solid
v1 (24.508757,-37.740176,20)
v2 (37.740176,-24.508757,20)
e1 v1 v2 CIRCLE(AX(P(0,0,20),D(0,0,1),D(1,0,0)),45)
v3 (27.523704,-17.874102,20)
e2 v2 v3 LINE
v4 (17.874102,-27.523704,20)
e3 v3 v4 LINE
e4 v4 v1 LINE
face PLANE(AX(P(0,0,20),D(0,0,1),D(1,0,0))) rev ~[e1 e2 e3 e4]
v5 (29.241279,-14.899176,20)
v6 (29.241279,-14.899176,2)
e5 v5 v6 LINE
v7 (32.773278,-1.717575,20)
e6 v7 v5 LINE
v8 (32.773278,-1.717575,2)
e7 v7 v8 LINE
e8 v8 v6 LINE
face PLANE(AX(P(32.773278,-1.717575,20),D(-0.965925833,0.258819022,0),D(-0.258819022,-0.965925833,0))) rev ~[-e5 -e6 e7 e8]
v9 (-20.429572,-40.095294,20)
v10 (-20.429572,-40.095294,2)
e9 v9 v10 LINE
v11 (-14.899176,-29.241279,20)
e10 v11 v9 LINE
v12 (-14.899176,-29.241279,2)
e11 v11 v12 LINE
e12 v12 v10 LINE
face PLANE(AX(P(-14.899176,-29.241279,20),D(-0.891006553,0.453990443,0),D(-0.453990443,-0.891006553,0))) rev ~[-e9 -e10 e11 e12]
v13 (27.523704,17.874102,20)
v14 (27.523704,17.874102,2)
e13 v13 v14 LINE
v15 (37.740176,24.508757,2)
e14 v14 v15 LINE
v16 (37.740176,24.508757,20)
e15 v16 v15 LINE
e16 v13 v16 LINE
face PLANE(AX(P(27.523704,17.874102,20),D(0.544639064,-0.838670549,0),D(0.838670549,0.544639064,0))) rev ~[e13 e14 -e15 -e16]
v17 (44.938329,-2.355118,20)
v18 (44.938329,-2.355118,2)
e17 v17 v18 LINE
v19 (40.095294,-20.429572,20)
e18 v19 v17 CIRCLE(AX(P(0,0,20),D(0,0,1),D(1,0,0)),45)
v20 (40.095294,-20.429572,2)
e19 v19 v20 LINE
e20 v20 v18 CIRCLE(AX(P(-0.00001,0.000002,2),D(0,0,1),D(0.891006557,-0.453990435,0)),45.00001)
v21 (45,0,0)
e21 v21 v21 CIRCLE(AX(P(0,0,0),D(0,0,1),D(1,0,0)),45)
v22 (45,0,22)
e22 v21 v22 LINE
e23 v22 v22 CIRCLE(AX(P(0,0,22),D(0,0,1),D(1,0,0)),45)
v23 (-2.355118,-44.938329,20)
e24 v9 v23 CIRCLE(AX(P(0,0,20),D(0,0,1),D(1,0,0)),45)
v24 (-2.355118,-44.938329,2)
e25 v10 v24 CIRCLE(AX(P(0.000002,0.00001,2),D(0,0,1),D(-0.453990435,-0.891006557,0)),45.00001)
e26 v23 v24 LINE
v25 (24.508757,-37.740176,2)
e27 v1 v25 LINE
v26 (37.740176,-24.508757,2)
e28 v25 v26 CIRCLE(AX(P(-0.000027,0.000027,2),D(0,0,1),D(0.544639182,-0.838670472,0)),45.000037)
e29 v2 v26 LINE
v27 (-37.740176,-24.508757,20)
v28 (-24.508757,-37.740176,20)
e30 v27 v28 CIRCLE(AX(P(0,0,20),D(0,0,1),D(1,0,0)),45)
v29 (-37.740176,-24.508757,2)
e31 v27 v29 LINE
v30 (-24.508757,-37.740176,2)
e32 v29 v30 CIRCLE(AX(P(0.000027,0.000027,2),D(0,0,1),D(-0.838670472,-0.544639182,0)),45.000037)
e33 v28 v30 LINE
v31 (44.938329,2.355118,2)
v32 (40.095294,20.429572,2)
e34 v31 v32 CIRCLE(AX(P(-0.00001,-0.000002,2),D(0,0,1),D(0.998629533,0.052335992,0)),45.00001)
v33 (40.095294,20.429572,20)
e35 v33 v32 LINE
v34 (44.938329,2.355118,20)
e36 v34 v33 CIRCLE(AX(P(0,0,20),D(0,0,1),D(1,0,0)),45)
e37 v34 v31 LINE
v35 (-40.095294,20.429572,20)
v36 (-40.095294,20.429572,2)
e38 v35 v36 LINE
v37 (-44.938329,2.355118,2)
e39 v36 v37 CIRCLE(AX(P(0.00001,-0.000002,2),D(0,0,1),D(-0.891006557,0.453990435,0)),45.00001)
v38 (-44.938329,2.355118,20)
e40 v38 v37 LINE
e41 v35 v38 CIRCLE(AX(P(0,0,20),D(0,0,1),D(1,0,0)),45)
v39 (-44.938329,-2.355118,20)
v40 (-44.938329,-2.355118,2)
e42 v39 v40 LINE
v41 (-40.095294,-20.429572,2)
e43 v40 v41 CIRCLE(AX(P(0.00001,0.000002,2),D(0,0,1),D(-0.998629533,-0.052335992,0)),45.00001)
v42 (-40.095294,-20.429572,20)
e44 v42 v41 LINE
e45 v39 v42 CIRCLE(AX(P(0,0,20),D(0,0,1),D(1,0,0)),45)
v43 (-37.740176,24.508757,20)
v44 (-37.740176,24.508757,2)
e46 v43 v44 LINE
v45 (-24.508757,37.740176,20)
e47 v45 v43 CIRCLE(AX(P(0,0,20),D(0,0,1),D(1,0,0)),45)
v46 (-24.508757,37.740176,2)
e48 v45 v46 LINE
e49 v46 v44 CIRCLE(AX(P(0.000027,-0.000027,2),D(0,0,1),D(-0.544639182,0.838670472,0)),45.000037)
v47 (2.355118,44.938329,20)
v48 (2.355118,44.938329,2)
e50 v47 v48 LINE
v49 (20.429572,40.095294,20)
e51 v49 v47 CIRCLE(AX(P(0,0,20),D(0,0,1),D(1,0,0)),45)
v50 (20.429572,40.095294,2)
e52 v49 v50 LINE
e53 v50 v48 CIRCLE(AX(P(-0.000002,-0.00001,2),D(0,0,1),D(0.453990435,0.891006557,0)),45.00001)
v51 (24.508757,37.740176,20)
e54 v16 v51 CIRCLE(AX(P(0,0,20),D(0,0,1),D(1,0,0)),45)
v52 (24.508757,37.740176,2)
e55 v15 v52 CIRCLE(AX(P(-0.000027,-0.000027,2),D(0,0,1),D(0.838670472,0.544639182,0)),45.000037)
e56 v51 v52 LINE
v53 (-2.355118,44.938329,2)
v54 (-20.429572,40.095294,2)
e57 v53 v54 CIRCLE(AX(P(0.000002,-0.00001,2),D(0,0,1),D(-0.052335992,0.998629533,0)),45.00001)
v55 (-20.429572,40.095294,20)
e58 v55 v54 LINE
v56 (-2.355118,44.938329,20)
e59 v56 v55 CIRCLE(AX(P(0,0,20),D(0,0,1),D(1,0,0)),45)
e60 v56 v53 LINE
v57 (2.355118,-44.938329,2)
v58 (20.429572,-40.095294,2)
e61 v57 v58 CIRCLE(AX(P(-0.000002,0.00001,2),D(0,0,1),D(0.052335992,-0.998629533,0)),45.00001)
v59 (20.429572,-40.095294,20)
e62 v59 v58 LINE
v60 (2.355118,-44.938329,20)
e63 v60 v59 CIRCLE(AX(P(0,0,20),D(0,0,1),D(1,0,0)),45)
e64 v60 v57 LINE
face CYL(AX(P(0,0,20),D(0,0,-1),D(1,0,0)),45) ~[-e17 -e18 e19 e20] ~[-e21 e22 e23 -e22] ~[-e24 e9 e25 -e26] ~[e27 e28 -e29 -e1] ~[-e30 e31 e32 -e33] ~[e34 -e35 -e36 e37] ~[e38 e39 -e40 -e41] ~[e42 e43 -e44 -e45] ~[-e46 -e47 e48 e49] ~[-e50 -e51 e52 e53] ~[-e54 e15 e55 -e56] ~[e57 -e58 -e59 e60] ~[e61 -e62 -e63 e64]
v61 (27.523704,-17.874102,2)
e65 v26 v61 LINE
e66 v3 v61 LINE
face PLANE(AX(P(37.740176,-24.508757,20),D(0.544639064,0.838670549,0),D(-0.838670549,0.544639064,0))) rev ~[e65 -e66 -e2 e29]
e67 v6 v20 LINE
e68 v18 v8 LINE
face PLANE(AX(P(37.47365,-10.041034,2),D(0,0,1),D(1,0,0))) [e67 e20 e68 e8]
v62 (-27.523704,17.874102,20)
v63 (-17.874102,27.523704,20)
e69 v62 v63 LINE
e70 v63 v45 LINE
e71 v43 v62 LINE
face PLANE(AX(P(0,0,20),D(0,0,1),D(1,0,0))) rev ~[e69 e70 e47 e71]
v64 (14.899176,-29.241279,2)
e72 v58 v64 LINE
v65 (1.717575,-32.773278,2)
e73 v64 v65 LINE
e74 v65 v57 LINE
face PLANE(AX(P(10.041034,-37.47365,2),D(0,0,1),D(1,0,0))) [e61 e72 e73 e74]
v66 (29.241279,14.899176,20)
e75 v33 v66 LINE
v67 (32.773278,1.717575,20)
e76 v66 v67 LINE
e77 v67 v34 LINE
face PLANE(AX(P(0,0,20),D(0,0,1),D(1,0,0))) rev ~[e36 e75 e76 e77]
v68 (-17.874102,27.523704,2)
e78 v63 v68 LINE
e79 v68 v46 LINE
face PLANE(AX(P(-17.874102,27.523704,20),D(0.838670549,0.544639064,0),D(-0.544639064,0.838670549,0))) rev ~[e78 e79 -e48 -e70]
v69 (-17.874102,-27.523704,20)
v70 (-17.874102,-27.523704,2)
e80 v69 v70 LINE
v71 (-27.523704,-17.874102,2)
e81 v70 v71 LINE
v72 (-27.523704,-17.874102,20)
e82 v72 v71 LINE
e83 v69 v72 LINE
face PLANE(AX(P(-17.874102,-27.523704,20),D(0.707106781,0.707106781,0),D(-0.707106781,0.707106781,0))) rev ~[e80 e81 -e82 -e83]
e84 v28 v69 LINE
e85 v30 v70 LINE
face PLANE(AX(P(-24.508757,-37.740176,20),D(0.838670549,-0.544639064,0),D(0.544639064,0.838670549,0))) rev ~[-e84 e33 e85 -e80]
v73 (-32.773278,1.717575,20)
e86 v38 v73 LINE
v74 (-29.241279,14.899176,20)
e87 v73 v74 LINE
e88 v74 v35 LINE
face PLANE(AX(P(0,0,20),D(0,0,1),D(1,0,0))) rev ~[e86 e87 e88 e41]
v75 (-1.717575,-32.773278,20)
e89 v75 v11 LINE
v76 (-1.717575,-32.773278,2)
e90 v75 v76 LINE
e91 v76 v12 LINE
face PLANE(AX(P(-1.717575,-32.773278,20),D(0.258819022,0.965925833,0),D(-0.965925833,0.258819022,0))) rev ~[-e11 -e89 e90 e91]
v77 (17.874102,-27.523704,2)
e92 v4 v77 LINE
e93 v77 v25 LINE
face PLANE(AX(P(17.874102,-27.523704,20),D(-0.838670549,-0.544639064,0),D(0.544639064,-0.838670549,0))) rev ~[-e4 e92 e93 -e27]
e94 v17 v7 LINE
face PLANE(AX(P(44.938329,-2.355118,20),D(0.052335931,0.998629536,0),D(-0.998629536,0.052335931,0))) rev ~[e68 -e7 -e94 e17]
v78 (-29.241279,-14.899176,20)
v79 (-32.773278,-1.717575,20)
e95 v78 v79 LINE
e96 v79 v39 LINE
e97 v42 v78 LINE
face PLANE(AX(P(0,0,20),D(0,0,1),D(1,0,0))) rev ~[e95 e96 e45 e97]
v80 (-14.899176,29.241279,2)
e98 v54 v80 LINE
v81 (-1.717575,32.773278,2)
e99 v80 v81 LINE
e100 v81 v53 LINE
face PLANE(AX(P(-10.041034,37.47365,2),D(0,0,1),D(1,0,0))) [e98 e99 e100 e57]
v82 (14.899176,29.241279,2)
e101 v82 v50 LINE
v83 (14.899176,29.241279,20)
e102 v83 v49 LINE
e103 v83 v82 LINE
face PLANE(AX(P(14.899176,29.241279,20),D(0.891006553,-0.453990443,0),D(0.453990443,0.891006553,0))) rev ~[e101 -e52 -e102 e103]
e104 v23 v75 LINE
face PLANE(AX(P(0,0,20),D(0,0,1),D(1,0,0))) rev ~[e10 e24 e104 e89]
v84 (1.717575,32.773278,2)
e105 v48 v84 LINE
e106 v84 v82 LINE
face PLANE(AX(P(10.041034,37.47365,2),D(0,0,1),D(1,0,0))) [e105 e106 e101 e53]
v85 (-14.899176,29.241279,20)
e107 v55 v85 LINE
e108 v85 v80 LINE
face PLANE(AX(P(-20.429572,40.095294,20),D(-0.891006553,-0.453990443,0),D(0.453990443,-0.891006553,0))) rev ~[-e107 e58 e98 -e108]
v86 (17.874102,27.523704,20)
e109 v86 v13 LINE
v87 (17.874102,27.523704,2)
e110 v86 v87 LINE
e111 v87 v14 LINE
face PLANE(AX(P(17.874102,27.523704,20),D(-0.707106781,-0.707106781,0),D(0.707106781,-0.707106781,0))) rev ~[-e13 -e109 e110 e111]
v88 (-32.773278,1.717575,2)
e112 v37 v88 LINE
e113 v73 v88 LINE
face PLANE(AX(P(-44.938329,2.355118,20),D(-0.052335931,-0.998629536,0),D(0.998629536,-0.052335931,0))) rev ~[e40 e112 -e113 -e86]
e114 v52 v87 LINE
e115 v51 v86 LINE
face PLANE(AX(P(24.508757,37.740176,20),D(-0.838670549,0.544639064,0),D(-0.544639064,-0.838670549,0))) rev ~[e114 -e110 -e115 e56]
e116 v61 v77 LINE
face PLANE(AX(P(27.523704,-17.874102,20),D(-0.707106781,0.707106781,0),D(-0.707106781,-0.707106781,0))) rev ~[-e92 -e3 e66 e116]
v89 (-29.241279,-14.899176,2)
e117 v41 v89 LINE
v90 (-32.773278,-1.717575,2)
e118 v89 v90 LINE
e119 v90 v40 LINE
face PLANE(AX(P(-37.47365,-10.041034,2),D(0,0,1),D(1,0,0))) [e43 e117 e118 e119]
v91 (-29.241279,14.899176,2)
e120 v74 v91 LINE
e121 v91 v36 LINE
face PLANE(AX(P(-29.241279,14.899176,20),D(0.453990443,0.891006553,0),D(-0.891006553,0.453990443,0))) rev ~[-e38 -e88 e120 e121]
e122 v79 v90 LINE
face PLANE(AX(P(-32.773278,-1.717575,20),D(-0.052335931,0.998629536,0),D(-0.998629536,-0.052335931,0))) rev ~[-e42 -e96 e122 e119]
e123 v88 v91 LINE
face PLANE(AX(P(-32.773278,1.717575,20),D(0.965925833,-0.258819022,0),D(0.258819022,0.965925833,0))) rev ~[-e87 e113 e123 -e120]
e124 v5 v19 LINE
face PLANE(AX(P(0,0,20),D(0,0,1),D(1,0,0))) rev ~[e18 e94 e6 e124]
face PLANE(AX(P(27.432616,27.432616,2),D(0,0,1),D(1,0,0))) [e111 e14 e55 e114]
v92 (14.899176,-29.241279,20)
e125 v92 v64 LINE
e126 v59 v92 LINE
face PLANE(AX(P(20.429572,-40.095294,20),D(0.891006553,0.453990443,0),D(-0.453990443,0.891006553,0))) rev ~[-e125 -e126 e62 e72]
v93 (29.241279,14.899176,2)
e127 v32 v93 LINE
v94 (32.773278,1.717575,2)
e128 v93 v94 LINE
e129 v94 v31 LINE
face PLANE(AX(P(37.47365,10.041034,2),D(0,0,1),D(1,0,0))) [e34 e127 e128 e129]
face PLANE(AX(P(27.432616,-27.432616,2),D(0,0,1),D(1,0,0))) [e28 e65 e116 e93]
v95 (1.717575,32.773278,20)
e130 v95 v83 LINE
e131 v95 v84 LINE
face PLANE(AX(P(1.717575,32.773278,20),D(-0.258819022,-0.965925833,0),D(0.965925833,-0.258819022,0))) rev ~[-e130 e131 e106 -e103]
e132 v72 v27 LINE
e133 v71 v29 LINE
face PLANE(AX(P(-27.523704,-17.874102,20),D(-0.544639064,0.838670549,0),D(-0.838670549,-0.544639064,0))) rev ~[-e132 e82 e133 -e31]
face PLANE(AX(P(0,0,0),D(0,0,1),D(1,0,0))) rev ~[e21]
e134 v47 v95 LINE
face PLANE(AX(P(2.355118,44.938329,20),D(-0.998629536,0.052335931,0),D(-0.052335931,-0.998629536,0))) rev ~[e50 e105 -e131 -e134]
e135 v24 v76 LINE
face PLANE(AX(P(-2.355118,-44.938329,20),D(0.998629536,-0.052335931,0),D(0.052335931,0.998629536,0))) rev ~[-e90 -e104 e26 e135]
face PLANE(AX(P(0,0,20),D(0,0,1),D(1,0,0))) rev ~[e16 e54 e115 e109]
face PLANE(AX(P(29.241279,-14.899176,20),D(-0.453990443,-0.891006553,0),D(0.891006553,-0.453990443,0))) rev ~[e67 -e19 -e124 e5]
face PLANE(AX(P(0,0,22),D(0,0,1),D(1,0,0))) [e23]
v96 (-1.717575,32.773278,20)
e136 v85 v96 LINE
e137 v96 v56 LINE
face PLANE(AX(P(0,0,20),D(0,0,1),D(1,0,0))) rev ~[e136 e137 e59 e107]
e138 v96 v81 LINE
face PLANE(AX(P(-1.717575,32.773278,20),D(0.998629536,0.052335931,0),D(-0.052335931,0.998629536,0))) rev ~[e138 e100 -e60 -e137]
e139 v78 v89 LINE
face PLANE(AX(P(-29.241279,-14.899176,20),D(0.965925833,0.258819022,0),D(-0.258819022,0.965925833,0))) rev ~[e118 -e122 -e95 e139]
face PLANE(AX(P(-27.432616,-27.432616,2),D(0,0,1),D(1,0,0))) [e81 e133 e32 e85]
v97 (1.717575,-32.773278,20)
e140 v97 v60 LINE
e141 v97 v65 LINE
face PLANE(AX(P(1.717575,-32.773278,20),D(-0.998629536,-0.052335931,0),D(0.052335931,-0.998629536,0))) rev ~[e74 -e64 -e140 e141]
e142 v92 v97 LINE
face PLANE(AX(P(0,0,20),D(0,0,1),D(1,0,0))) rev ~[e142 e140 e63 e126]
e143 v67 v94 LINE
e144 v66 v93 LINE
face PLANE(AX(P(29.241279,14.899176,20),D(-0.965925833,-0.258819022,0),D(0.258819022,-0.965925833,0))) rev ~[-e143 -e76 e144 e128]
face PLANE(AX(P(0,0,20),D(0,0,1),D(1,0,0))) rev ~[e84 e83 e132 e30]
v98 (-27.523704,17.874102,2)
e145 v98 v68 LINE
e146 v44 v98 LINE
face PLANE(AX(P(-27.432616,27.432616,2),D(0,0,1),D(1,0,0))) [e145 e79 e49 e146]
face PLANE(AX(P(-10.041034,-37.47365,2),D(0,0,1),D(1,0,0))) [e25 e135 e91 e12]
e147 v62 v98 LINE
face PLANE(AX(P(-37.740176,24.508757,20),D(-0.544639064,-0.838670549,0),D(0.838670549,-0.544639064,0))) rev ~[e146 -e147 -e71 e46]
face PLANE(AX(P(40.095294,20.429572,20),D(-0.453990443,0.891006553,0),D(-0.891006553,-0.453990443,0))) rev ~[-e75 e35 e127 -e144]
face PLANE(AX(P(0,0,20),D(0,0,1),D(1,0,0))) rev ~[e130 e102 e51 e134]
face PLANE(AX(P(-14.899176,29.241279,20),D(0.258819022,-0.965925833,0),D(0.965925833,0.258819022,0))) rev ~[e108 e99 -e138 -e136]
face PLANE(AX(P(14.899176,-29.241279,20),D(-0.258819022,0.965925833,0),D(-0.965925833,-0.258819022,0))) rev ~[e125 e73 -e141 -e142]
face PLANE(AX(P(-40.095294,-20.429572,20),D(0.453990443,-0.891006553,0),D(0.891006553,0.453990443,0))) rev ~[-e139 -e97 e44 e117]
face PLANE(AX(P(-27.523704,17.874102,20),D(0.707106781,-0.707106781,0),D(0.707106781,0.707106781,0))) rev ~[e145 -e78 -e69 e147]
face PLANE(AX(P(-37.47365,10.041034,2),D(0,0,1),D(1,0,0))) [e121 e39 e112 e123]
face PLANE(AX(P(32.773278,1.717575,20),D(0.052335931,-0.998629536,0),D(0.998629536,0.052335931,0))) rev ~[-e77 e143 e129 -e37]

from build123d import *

# Parameters (mm, degrees)
F0_R     = 45
F1_DEPTH = 20
F3_DEPTH = 18
F4_R     = 45
F5_DEPTH = 2


with BuildPart() as f1:
    # F0 (on Top) → F1 (new body)
    with BuildSketch(Plane.XY):
        Circle(F0_R)
    extrude(amount=F1_DEPTH)

    # F2 (on face) → F3 (cut)
    with BuildSketch(Plane.XY.offset(20)):
        with BuildLine():
            Line((29.241279, 14.899176), (32.773278, 1.717575))
            Line((32.773278, 1.717575), (44.938329, 2.355118))
            ThreePointArc((44.938329, 2.355118), (43.466662, 11.646857), (40.095294, 20.429572))
            Line((40.095294, 20.429572), (29.241279, 14.899176))
        make_face()
        with BuildLine():
            Line((27.523704, 17.874102), (37.740176, 24.508757))
            ThreePointArc((37.740176, 24.508757), (31.819805, 31.819805), (24.508757, 37.740176))
            Line((24.508757, 37.740176), (17.874102, 27.523704))
            Line((17.874102, 27.523704), (27.523704, 17.874102))
        make_face()
        with BuildLine():
            ThreePointArc((20.429572, 40.095294), (11.646857, 43.466662), (2.355118, 44.938329))
            Line((2.355118, 44.938329), (1.717575, 32.773278))
            Line((1.717575, 32.773278), (14.899176, 29.241279))
            Line((14.899176, 29.241279), (20.429572, 40.095294))
        make_face()
        with BuildLine():
            ThreePointArc((-40.095294, 20.429572), (-43.466662, 11.646857), (-44.938329, 2.355118))
            Line((-44.938329, 2.355118), (-32.773278, 1.717575))
            Line((-32.773278, 1.717575), (-29.241279, 14.899176))
            Line((-29.241279, 14.899176), (-40.095294, 20.429572))
        make_face()
        with BuildLine():
            ThreePointArc((-24.508757, 37.740176), (-31.819805, 31.819805), (-37.740176, 24.508757))
            Line((-37.740176, 24.508757), (-27.523704, 17.874102))
            Line((-27.523704, 17.874102), (-17.874102, 27.523704))
            Line((-17.874102, 27.523704), (-24.508757, 37.740176))
        make_face()
        with BuildLine():
            ThreePointArc((-2.355118, 44.938329), (-11.646857, 43.466662), (-20.429572, 40.095294))
            Line((-20.429572, 40.095294), (-14.899176, 29.241279))
            Line((-14.899176, 29.241279), (-1.717575, 32.773278))
            Line((-1.717575, 32.773278), (-2.355118, 44.938329))
        make_face()
        with BuildLine():
            ThreePointArc((-20.429572, -40.095294), (-11.646857, -43.466662), (-2.355118, -44.938329))
            Line((-2.355118, -44.938329), (-1.717575, -32.773278))
            Line((-1.717575, -32.773278), (-14.899176, -29.241279))
            Line((-14.899176, -29.241279), (-20.429572, -40.095294))
        make_face()
        with BuildLine():
            ThreePointArc((-37.740176, -24.508757), (-31.819805, -31.819805), (-24.508757, -37.740176))
            Line((-24.508757, -37.740176), (-17.874102, -27.523704))
            Line((-17.874102, -27.523704), (-27.523704, -17.874102))
            Line((-27.523704, -17.874102), (-37.740176, -24.508757))
        make_face()
        with BuildLine():
            ThreePointArc((-44.938329, -2.355118), (-43.466662, -11.646857), (-40.095294, -20.429572))
            Line((-40.095294, -20.429572), (-29.241279, -14.899176))
            Line((-29.241279, -14.899176), (-32.773278, -1.717575))
            Line((-32.773278, -1.717575), (-44.938329, -2.355118))
        make_face()
        with BuildLine():
            ThreePointArc((40.095294, -20.429572), (43.466662, -11.646857), (44.938329, -2.355118))
            Line((44.938329, -2.355118), (32.773278, -1.717575))
            Line((32.773278, -1.717575), (29.241279, -14.899176))
            Line((29.241279, -14.899176), (40.095294, -20.429572))
        make_face()
        with BuildLine():
            ThreePointArc((24.508757, -37.740176), (31.819805, -31.819805), (37.740176, -24.508757))
            Line((37.740176, -24.508757), (27.523704, -17.874102))
            Line((27.523704, -17.874102), (17.874102, -27.523704))
            Line((17.874102, -27.523704), (24.508757, -37.740176))
        make_face()
        with BuildLine():
            ThreePointArc((2.355118, -44.938329), (11.646857, -43.466662), (20.429572, -40.095294))
            Line((20.429572, -40.095294), (14.899176, -29.241279))
            Line((14.899176, -29.241279), (1.717575, -32.773278))
            Line((1.717575, -32.773278), (2.355118, -44.938329))
        make_face()
    extrude(amount=-F3_DEPTH, mode=Mode.SUBTRACT)

    # F4 (on face) → F5 (join)
    with BuildSketch(Plane.XY.offset(20)):
        Circle(F4_R)
    extrude(amount=F5_DEPTH)


solid = f1.part
